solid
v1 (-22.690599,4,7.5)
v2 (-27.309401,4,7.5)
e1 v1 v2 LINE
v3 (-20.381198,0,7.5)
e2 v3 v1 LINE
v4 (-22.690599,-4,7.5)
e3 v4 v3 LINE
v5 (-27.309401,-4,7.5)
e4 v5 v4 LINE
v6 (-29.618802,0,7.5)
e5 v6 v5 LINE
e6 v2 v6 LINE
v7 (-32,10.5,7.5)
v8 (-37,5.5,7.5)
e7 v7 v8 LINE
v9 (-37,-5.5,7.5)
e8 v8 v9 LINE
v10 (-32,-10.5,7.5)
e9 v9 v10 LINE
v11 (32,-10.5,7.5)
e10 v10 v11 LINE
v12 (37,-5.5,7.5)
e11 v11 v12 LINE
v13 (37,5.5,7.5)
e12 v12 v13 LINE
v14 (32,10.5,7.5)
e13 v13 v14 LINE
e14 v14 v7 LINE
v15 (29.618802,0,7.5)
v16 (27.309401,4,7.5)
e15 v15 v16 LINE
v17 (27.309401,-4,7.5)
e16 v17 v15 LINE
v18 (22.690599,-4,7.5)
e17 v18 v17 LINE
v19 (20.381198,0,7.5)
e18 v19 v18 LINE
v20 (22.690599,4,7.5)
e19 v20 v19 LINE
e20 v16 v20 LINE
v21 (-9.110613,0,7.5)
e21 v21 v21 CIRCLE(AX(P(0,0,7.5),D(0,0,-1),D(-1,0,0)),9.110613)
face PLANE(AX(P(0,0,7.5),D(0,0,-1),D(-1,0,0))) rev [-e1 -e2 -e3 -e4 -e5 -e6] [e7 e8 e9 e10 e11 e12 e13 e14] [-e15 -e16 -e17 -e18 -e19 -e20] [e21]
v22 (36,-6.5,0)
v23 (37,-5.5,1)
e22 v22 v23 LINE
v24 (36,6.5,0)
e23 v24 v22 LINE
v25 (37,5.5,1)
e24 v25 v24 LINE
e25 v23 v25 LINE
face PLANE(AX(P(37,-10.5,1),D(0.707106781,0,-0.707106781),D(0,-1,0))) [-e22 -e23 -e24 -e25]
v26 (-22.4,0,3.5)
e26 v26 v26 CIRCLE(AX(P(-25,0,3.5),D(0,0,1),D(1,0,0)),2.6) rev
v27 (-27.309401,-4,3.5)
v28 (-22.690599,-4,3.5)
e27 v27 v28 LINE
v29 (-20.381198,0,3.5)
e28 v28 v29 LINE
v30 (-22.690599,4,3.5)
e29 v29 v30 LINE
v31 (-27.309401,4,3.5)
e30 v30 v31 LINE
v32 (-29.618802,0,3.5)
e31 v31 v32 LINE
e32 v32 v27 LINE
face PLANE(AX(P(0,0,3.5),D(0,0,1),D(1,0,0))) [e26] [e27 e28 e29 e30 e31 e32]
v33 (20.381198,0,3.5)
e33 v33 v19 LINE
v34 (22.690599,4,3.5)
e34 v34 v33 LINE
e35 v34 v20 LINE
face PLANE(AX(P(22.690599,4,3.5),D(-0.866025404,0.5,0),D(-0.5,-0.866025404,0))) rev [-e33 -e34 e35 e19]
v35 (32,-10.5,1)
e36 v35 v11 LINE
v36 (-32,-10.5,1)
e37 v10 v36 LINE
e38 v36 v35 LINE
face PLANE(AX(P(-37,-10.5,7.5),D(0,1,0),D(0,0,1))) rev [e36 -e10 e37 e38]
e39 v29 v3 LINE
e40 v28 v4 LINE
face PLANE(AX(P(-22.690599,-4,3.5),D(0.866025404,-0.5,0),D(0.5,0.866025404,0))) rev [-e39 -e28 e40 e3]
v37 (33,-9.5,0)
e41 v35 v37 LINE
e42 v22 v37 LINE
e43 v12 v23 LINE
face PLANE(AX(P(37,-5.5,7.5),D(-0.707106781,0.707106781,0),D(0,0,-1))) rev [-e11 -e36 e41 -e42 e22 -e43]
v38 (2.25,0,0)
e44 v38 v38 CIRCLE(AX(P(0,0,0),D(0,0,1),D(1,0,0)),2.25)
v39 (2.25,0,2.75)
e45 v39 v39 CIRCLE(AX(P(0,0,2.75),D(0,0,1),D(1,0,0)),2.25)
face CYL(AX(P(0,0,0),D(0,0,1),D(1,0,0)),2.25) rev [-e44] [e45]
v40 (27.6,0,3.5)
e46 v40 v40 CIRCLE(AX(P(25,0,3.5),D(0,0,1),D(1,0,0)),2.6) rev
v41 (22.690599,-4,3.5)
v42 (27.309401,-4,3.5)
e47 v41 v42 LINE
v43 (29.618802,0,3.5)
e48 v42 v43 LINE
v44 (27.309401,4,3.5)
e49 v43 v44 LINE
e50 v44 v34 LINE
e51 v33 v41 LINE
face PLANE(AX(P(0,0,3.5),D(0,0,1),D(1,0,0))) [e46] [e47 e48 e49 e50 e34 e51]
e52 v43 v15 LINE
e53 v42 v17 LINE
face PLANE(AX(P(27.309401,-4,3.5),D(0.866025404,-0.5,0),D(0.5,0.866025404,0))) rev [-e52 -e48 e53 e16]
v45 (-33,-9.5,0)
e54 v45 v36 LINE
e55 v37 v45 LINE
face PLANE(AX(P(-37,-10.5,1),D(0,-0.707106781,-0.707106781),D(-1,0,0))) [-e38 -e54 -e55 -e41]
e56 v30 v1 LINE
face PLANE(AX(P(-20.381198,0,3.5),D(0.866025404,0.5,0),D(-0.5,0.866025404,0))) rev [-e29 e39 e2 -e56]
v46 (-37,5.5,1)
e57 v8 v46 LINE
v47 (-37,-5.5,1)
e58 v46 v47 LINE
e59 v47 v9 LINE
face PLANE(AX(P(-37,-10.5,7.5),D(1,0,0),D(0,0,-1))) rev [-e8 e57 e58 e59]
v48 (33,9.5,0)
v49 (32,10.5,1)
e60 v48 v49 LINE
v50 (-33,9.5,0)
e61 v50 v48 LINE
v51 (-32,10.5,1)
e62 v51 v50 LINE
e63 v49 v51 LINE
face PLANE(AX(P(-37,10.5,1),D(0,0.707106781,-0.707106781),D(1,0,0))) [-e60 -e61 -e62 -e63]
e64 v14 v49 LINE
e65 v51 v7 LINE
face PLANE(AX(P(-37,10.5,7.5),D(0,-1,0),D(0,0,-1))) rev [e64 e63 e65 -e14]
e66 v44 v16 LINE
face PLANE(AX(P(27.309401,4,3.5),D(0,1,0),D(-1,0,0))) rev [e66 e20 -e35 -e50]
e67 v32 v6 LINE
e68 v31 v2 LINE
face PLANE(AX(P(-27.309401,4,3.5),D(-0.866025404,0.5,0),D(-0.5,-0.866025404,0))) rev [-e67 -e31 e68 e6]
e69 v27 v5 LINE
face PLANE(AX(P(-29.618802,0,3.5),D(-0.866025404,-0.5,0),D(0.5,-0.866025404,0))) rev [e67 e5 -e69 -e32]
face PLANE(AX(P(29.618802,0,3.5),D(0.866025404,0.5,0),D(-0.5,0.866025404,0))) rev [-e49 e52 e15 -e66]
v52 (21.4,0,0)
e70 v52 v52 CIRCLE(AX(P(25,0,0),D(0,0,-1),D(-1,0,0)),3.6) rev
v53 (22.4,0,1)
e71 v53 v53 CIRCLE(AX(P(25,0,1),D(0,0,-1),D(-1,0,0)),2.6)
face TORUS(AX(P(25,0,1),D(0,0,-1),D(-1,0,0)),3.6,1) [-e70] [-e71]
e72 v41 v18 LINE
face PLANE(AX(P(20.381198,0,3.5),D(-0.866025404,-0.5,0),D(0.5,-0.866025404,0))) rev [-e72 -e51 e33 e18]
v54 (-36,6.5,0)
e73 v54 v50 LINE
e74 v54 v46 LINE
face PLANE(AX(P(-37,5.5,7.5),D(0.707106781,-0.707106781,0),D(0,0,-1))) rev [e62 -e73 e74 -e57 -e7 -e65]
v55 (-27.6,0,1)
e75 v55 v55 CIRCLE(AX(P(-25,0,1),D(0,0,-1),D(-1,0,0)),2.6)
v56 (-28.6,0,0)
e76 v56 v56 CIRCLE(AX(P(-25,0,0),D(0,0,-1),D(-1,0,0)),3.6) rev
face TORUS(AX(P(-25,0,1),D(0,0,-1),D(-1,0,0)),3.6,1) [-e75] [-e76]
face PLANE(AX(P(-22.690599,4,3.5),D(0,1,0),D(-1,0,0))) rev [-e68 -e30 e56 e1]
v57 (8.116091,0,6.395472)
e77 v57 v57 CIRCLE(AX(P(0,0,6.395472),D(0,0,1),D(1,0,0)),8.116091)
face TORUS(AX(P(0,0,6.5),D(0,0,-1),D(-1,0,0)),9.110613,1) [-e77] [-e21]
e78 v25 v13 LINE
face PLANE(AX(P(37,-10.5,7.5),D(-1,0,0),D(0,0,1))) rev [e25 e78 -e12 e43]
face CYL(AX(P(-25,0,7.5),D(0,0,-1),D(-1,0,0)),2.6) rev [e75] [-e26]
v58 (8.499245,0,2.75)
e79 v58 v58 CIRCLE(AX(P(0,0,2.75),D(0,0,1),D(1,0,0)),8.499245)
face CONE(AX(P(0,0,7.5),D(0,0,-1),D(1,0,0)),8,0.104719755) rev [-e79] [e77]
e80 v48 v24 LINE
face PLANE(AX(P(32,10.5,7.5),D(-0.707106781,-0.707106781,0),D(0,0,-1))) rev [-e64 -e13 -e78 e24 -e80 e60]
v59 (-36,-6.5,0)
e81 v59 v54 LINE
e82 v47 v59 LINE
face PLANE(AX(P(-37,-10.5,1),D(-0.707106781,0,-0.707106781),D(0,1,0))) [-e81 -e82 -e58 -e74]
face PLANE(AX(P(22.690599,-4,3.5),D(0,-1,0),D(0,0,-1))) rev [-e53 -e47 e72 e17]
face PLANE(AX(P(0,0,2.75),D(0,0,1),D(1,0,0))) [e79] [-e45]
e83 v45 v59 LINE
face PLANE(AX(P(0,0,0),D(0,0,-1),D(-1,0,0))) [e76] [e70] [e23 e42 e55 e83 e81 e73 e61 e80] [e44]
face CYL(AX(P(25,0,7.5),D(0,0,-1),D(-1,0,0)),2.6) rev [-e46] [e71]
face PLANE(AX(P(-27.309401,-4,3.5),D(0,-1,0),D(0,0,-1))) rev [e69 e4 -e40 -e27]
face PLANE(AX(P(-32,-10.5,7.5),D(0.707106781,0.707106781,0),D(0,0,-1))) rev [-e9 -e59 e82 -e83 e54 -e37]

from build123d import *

# Parameters (mm, degrees)
SKETCH1_W           = 74
SKETCH1_H           = 21
BOSS_EXTRUDE1_DEPTH = 7.5
SKETCH2_R           = 8
CUT_EXTRUDE1_DEPTH  = 4.75
CUT_EXTRUDE1_TAPER  = -6
SKETCH4_R           = 2.6
CUT_EXTRUDE4_DEPTH  = 8.5000001
CHAMFER3_SIZE       = 5
CUT_EXTRUDE6_DEPTH  = 4
SKETCH11_R          = 2.25
CUT_EXTRUDE10_DEPTH = 8.5
FILLET4_R           = 1
FILLET5_R           = 1
CHAMFER5_SIZE       = 1


with BuildPart() as part:
    # Sketch1 → Boss-Extrude1 (new body)
    with BuildSketch(Plane.XY):
        Rectangle(SKETCH1_W, SKETCH1_H)
    extrude(amount=BOSS_EXTRUDE1_DEPTH)

    # Sketch2 → Cut-Extrude1 (cut)
    with BuildSketch(Plane.XY.offset(7.5)):
        Circle(SKETCH2_R)
    extrude(amount=-CUT_EXTRUDE1_DEPTH, taper=CUT_EXTRUDE1_TAPER, mode=Mode.SUBTRACT)

    # Sketch4 → Cut-Extrude4 (cut, through all)
    with BuildSketch(Plane(origin=(0, 0, 0), x_dir=(-1, 0, 0), z_dir=(0, 0, -1))):
        with Locations((-25, 0)):
            Circle(SKETCH4_R)
        with Locations((25, 0)):
            Circle(SKETCH4_R)
    extrude(amount=-CUT_EXTRUDE4_DEPTH, mode=Mode.SUBTRACT)

    # Chamfer3
    chamfer3_edges = [part.edges().sort_by_distance(p)[0] for p in [
        (37, -10.5, 3.75),
        (-37, -10.5, 3.75),
        (-37, 10.5, 3.75),
        (37, 10.5, 3.75),
    ]]
    chamfer(chamfer3_edges, length=CHAMFER3_SIZE)

    # Sketch5 → Cut-Extrude6 (cut)
    with BuildSketch(Plane.XY.offset(7.5)):
        Polygon((22.690598923, -4), (27.309401077, -4), (29.618802154, 0), (27.309401077, 4), (22.690598923, 4), (20.381197846, 0), align=None)
        Polygon((-27.309401077, -4), (-22.690598923, -4), (-20.381197846, 0), (-22.690598923, 4), (-27.309401077, 4), (-29.618802154, 0), align=None)
    extrude(amount=-CUT_EXTRUDE6_DEPTH, mode=Mode.SUBTRACT)

    # Sketch11 → Cut-Extrude10 (cut, through all)
    with BuildSketch(Plane.XY.offset(7.5)):
        Circle(SKETCH11_R)
    extrude(amount=-CUT_EXTRUDE10_DEPTH, mode=Mode.SUBTRACT)

    # Fillet4
    fillet4_edges = [part.edges().sort_by_distance(p)[0] for p in [
        (27.6, 0, 0),
        (-22.4, 0, 0),
    ]]
    fillet(fillet4_edges, radius=FILLET4_R)

    # Fillet5
    fillet5_edges = [part.edges().sort_by_distance(p)[0] for p in [
        (-8, 0, 7.5),
    ]]
    fillet(fillet5_edges, radius=FILLET5_R)

    # Chamfer5
    chamfer5_edges = [part.edges().sort_by_distance(p)[0] for p in [
        (-37, 0, 0),
        (37, 0, 0),
        (0, -10.5, 0),
        (0, 10.5, 0),
    ]]
    chamfer(chamfer5_edges, length=CHAMFER5_SIZE)


solid = part.part
